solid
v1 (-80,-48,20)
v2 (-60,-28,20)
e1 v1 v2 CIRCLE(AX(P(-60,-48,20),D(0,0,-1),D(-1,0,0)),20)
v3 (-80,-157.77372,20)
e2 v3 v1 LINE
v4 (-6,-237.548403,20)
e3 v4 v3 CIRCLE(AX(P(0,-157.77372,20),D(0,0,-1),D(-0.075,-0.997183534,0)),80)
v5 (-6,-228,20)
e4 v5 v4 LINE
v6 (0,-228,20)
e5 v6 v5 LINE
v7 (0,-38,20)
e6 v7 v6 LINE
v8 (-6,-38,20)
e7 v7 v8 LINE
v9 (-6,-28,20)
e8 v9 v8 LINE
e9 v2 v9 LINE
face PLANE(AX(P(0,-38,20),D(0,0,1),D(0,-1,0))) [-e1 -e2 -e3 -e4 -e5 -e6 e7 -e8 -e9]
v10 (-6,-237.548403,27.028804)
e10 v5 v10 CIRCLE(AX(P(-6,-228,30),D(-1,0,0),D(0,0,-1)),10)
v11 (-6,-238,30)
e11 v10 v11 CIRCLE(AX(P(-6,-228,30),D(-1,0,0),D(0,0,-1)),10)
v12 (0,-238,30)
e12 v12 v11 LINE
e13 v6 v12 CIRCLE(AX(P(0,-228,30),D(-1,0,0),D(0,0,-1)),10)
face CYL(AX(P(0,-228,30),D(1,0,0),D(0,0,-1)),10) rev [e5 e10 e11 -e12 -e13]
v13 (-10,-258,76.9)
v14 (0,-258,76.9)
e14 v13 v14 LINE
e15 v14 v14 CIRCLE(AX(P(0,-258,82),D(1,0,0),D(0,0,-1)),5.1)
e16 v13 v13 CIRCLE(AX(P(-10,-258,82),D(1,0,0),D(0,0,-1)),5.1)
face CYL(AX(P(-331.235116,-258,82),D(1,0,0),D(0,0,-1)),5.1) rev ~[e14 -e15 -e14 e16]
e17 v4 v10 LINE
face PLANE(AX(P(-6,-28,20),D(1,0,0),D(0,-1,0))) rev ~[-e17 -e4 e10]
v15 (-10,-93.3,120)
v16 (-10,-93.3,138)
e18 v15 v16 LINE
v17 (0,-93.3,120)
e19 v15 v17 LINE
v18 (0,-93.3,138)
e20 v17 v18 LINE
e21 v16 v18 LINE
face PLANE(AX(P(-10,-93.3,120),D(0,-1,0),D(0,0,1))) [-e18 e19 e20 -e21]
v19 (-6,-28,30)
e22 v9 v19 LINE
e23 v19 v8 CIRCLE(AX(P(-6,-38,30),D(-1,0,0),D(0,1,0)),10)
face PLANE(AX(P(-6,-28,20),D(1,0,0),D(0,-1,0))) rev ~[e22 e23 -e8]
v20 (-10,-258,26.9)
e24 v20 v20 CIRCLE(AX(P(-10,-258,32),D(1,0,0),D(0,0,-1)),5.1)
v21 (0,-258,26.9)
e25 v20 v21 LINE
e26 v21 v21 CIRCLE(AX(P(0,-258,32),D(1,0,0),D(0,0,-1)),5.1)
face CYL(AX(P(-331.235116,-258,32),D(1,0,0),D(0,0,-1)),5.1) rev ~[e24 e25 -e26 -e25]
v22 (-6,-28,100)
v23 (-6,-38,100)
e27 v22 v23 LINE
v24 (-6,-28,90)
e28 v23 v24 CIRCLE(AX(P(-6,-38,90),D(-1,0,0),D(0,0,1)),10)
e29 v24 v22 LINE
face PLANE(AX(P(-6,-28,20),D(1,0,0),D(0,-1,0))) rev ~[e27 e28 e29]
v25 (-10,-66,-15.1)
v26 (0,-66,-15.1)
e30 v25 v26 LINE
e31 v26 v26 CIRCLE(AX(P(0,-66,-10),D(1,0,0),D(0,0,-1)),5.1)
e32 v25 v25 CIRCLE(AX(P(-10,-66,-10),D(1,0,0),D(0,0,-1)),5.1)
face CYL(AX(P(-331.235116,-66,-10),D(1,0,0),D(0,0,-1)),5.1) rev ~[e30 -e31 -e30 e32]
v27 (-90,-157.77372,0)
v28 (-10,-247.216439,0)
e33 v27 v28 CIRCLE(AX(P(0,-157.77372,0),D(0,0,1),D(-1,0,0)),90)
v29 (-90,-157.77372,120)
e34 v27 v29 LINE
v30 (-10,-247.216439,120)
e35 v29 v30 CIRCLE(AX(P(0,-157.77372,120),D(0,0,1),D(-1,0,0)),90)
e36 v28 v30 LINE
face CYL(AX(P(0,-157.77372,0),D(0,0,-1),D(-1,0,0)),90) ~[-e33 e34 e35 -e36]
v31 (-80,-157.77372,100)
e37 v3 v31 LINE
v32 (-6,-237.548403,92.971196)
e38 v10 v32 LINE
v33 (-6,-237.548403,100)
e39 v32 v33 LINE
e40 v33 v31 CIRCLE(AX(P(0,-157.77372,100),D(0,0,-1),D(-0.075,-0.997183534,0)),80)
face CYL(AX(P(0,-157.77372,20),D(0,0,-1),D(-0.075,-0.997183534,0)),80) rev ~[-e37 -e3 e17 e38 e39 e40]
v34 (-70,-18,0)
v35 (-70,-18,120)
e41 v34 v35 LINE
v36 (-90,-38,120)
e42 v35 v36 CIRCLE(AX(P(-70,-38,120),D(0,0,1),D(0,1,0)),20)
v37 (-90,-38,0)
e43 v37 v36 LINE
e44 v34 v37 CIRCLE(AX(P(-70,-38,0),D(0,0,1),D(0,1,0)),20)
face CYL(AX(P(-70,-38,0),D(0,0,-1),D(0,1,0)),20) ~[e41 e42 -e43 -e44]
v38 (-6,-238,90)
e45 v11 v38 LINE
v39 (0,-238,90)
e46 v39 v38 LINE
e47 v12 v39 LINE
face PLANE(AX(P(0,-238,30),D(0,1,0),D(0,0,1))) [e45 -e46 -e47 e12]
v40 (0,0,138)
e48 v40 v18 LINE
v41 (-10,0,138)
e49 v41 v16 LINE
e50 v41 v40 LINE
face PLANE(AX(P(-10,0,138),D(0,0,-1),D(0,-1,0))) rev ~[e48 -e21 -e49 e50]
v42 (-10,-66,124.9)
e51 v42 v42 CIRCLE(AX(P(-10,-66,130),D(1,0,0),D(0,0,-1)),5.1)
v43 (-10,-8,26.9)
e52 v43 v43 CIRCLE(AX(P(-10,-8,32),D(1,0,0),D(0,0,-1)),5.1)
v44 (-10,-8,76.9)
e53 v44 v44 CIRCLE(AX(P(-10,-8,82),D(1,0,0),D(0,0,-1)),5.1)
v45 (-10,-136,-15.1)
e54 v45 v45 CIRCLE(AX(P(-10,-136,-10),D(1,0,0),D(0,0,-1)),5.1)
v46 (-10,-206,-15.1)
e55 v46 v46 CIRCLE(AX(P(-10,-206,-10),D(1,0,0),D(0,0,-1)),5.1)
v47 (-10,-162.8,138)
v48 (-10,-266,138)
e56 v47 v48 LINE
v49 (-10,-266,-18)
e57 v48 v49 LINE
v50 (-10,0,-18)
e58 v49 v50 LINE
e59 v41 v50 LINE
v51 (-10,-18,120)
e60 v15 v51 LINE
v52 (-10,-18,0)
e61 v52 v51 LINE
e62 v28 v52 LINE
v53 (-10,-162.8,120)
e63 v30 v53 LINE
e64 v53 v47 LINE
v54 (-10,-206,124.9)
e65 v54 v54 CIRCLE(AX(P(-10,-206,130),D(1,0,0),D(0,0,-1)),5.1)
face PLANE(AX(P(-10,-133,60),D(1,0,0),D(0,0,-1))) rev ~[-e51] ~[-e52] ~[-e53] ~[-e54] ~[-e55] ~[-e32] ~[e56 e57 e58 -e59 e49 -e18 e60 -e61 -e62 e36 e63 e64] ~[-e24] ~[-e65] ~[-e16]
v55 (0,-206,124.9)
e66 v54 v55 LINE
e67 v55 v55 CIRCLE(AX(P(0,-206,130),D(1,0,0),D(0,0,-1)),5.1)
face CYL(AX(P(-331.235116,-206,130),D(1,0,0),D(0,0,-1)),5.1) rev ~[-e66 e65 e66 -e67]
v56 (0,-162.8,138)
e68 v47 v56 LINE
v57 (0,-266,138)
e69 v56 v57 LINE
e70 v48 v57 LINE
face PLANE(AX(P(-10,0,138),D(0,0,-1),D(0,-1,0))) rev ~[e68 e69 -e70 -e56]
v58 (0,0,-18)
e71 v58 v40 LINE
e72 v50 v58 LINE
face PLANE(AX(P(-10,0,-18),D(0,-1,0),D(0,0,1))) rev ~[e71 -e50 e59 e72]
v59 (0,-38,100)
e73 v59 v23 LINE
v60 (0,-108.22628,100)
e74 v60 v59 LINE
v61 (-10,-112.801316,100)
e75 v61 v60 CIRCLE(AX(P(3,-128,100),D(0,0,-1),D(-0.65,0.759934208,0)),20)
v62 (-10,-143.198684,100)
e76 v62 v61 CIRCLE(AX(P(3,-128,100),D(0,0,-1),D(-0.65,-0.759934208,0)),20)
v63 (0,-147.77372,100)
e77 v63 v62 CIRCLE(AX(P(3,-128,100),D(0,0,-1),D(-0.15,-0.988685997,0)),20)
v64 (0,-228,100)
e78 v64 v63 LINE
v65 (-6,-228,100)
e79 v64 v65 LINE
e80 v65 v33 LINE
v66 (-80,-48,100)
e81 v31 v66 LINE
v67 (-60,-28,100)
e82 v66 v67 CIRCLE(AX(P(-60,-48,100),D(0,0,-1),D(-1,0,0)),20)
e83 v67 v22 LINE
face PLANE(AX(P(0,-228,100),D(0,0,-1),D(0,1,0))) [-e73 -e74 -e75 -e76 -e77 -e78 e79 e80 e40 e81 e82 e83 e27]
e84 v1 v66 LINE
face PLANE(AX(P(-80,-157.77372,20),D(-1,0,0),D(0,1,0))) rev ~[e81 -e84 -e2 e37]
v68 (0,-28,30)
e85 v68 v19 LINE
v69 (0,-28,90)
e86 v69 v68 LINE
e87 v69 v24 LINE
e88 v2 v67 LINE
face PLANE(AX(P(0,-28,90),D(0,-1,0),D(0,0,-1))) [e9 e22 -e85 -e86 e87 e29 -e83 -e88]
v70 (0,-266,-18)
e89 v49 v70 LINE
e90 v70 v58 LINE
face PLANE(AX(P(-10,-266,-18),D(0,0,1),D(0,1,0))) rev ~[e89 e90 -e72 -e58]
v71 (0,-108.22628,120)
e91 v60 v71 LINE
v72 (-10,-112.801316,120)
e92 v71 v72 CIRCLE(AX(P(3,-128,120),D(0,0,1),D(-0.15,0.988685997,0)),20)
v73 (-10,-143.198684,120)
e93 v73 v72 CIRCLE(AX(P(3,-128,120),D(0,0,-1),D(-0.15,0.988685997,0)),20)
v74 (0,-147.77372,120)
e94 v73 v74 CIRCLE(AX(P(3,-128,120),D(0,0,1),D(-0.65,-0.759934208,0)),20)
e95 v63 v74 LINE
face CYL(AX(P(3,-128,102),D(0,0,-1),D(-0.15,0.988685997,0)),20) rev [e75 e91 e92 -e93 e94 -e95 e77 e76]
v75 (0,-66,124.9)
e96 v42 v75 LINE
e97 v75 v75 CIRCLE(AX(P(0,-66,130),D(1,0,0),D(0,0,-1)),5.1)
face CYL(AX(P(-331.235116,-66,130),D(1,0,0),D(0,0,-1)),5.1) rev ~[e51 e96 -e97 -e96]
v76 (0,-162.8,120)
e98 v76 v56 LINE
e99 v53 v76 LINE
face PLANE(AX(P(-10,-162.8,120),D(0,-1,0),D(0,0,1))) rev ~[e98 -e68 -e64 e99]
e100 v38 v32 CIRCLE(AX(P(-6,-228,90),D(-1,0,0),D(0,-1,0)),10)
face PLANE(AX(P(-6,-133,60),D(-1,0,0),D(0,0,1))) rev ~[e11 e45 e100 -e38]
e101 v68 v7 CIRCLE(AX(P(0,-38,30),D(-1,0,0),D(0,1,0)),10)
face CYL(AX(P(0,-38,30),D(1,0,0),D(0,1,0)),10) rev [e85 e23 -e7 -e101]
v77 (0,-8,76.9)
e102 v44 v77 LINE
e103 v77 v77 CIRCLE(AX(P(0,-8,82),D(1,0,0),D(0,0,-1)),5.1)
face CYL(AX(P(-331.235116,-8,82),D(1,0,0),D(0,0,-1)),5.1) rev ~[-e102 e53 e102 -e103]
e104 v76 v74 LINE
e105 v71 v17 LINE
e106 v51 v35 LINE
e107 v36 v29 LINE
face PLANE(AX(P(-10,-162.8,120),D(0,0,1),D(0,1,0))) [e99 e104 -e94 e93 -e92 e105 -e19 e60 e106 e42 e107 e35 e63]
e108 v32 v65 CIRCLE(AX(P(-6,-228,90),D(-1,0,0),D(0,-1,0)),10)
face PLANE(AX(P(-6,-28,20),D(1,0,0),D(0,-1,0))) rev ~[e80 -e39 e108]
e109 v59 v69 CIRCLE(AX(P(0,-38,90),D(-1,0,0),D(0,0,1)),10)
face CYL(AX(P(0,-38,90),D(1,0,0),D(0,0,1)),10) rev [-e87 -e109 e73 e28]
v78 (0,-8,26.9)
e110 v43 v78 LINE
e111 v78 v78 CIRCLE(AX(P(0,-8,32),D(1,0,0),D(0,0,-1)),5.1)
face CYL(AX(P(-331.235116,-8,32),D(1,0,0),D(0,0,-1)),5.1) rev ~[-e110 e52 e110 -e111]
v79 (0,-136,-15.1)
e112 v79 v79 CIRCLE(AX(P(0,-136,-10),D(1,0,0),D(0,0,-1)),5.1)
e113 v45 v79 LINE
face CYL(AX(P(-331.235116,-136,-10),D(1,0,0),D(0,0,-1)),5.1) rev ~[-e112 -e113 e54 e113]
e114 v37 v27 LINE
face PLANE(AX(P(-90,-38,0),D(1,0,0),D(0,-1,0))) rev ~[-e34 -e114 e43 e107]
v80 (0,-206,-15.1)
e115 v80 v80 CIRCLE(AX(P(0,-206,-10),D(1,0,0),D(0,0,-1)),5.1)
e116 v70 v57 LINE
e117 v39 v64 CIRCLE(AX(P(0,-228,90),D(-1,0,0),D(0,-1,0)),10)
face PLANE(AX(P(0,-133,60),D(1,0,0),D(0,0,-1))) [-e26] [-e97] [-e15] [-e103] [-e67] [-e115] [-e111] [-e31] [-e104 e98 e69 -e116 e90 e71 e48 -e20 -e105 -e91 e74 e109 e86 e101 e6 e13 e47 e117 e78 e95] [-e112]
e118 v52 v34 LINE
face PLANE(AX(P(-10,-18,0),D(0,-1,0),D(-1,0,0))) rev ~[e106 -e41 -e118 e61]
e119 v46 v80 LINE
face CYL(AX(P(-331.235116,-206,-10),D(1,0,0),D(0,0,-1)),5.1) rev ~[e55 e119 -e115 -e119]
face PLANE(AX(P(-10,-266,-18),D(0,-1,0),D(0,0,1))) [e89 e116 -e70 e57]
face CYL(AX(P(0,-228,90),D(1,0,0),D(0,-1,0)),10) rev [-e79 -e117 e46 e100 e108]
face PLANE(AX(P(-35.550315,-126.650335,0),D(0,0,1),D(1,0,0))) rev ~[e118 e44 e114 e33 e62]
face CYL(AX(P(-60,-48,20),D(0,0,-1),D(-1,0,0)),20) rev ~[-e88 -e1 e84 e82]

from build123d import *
from build123d.topology import SkipClean

# Parameters (mm, degrees)
BOSS_EXTRUDE2_DEPTH     = 120
CUT_EXTRUDE1_DEPTH      = 10
CUT_EXTRUDE1_DEPTH_BACK = 18
BOSS_EXTRUDE3_DEPTH     = 10
F_1_0MM_DOWEL_HOLE1_D   = 10.2
SKETCH8_W               = 18
SKETCH8_H               = 69.5
CUT_EXTRUDE2_DEPTH      = 10
CUT_EXTRUDE3_START      = -20
CUT_EXTRUDE3_DEPTH      = 20
CUT_EXTRUDE4_DEPTH      = 80
CUT_EXTRUDE5_DEPTH      = 6


with BuildPart() as part:
    # Sketch2 → Boss-Extrude2 (new body)
    with BuildSketch(Plane.XY):
        with BuildLine():
            Line((0, -67.773719933), (0, -28))
            Line((0, -28), (-60, -28))
            ThreePointArc((-60, -28), (-74.142135624, -33.857864376), (-80, -48))
            Line((-80, -48), (-80, -157.773719933))
            ThreePointArc((-80, -157.773719933), (-56.568542495, -214.342262428), (0, -237.773719933))
            Line((0, -237.773719933), (0, -147.773719933))
            Line((0, -147.773719933), (0, -108.226280067))
            Line((0, -108.226280067), (0, -77.773719933))
            Line((0, -77.773719933), (0, -67.773719933))
        make_face()
        with BuildLine():
            Line((0, -28), (0, 0))
            Line((0, 0), (-10, 0))
            Line((-10, 0), (-10, -18))
            Line((-10, -18), (-70, -18))
            ThreePointArc((-70, -18), (-84.142135624, -23.857864376), (-90, -38))
            Line((-90, -38), (-90, -157.773719933))
            ThreePointArc((-90, -157.773719933), (-67.082039325, -217.773719933), (-10, -247.216439033))
            Line((-10, -247.216439033), (-10, -266))
            Line((-10, -266), (0, -266))
            Line((0, -266), (0, -237.773719933))
            ThreePointArc((0, -237.773719933), (-56.568542495, -214.342262428), (-80, -157.773719933))
            Line((-80, -157.773719933), (-80, -48))
            ThreePointArc((-80, -48), (-74.142135624, -33.857864376), (-60, -28))
            Line((-60, -28), (0, -28))
        make_face()
    extrude(amount=BOSS_EXTRUDE2_DEPTH)

    # Sketch3 → Cut-Extrude1 (cut, two sides: drawn at the far end of the back side and taken through both)
    with BuildSketch(Plane.XY.offset(120).offset(-CUT_EXTRUDE1_DEPTH_BACK)):
        with BuildLine():
            Line((0, -147.773719933), (0, -108.226280067))
            ThreePointArc((0, -108.226280067), (-17, -128), (0, -147.773719933))
        make_face()
    extrude(amount=CUT_EXTRUDE1_DEPTH + CUT_EXTRUDE1_DEPTH_BACK, mode=Mode.SUBTRACT)

    # Sketch5 → Boss-Extrude3 (add)
    with BuildSketch(Plane.ZY.offset(10)):
        Polygon((0, -266), (-18, -266), (-18, 0), (138, 0), (138, -266), (120, -266), align=None)
    extrude(amount=-BOSS_EXTRUDE3_DEPTH)

    # Ø1.0mm Dowel Hole1 (through all)
    with Locations(Plane.ZY.offset(10)):
        with Locations((32, -8), (82, -8), (-10, -66), (-10, -136), (-10, -206), (32, -258), (82, -258), (130, -206), (130, -66)):
            Hole(F_1_0MM_DOWEL_HOLE1_D / 2)

    # Sketch8 → Cut-Extrude2 (cut)
    with BuildSketch(Plane.ZY.offset(10)):
        with Locations((129, -128.05)):
            Rectangle(SKETCH8_W, SKETCH8_H)
    extrude(amount=-CUT_EXTRUDE2_DEPTH, mode=Mode.SUBTRACT)

    # Sketch9 → Cut-Extrude3 (cut)
    with SkipClean():  # the faces are left unmerged after this step: merging them gives an invalid solid
        with BuildSketch(Plane.XY.offset(120).offset(CUT_EXTRUDE3_START)):
            with BuildLine():
                Line((0, -147.773719933), (0, -108.226280067))
                ThreePointArc((0, -108.226280067), (-5.320621257, -109.812991947), (-10, -112.801315846))
                Line((-10, -112.801315846), (-10, -143.198684154))
                ThreePointArc((-10, -143.198684154), (-5.320621257, -146.187008053), (0, -147.773719933))
            make_face()
            with BuildLine():
                ThreePointArc((-10, -143.198684154), (-17, -128), (-10, -112.801315846))
                Line((-10, -112.801315846), (-10, -143.198684154))
            make_face()
        extrude(amount=CUT_EXTRUDE3_DEPTH, mode=Mode.SUBTRACT)

    # Sketch12 → Cut-Extrude4 (cut)
    with BuildSketch(Plane(origin=(0, 0, 20), x_dir=(-1, 0, 0), z_dir=(0, 0, -1))):
        with BuildLine():
            Line((60, -28), (6, -28))
            Line((6, -28), (6, -237.548402634))
            ThreePointArc((6, -237.548402634), (58.651513194, -212.179601968), (80, -157.773719933))
            Line((80, -157.773719933), (80, -48))
            ThreePointArc((80, -48), (74.142135624, -33.857864376), (60, -28))
        make_face()
    extrude(amount=-CUT_EXTRUDE4_DEPTH, mode=Mode.SUBTRACT)

    # Sketch10 → Cut-Extrude5 (cut)
    with BuildSketch(Plane(origin=(0, 0, 0), x_dir=(0, 0, -1), z_dir=(1, 0, 0))):
        with BuildLine():
            Line((-30, -238), (-90, -238))
            ThreePointArc((-90, -238), (-97.071067812, -235.071067812), (-100, -228))
            Line((-100, -228), (-100, -38))
            ThreePointArc((-100, -38), (-97.071067812, -30.928932188), (-90, -28))
            Line((-90, -28), (-30, -28))
            ThreePointArc((-30, -28), (-22.928932188, -30.928932188), (-20, -38))
            Line((-20, -38), (-20, -228))
            ThreePointArc((-20, -228), (-22.928932188, -235.071067812), (-30, -238))
        make_face()
    extrude(amount=-CUT_EXTRUDE5_DEPTH, mode=Mode.SUBTRACT)


solid = part.part
